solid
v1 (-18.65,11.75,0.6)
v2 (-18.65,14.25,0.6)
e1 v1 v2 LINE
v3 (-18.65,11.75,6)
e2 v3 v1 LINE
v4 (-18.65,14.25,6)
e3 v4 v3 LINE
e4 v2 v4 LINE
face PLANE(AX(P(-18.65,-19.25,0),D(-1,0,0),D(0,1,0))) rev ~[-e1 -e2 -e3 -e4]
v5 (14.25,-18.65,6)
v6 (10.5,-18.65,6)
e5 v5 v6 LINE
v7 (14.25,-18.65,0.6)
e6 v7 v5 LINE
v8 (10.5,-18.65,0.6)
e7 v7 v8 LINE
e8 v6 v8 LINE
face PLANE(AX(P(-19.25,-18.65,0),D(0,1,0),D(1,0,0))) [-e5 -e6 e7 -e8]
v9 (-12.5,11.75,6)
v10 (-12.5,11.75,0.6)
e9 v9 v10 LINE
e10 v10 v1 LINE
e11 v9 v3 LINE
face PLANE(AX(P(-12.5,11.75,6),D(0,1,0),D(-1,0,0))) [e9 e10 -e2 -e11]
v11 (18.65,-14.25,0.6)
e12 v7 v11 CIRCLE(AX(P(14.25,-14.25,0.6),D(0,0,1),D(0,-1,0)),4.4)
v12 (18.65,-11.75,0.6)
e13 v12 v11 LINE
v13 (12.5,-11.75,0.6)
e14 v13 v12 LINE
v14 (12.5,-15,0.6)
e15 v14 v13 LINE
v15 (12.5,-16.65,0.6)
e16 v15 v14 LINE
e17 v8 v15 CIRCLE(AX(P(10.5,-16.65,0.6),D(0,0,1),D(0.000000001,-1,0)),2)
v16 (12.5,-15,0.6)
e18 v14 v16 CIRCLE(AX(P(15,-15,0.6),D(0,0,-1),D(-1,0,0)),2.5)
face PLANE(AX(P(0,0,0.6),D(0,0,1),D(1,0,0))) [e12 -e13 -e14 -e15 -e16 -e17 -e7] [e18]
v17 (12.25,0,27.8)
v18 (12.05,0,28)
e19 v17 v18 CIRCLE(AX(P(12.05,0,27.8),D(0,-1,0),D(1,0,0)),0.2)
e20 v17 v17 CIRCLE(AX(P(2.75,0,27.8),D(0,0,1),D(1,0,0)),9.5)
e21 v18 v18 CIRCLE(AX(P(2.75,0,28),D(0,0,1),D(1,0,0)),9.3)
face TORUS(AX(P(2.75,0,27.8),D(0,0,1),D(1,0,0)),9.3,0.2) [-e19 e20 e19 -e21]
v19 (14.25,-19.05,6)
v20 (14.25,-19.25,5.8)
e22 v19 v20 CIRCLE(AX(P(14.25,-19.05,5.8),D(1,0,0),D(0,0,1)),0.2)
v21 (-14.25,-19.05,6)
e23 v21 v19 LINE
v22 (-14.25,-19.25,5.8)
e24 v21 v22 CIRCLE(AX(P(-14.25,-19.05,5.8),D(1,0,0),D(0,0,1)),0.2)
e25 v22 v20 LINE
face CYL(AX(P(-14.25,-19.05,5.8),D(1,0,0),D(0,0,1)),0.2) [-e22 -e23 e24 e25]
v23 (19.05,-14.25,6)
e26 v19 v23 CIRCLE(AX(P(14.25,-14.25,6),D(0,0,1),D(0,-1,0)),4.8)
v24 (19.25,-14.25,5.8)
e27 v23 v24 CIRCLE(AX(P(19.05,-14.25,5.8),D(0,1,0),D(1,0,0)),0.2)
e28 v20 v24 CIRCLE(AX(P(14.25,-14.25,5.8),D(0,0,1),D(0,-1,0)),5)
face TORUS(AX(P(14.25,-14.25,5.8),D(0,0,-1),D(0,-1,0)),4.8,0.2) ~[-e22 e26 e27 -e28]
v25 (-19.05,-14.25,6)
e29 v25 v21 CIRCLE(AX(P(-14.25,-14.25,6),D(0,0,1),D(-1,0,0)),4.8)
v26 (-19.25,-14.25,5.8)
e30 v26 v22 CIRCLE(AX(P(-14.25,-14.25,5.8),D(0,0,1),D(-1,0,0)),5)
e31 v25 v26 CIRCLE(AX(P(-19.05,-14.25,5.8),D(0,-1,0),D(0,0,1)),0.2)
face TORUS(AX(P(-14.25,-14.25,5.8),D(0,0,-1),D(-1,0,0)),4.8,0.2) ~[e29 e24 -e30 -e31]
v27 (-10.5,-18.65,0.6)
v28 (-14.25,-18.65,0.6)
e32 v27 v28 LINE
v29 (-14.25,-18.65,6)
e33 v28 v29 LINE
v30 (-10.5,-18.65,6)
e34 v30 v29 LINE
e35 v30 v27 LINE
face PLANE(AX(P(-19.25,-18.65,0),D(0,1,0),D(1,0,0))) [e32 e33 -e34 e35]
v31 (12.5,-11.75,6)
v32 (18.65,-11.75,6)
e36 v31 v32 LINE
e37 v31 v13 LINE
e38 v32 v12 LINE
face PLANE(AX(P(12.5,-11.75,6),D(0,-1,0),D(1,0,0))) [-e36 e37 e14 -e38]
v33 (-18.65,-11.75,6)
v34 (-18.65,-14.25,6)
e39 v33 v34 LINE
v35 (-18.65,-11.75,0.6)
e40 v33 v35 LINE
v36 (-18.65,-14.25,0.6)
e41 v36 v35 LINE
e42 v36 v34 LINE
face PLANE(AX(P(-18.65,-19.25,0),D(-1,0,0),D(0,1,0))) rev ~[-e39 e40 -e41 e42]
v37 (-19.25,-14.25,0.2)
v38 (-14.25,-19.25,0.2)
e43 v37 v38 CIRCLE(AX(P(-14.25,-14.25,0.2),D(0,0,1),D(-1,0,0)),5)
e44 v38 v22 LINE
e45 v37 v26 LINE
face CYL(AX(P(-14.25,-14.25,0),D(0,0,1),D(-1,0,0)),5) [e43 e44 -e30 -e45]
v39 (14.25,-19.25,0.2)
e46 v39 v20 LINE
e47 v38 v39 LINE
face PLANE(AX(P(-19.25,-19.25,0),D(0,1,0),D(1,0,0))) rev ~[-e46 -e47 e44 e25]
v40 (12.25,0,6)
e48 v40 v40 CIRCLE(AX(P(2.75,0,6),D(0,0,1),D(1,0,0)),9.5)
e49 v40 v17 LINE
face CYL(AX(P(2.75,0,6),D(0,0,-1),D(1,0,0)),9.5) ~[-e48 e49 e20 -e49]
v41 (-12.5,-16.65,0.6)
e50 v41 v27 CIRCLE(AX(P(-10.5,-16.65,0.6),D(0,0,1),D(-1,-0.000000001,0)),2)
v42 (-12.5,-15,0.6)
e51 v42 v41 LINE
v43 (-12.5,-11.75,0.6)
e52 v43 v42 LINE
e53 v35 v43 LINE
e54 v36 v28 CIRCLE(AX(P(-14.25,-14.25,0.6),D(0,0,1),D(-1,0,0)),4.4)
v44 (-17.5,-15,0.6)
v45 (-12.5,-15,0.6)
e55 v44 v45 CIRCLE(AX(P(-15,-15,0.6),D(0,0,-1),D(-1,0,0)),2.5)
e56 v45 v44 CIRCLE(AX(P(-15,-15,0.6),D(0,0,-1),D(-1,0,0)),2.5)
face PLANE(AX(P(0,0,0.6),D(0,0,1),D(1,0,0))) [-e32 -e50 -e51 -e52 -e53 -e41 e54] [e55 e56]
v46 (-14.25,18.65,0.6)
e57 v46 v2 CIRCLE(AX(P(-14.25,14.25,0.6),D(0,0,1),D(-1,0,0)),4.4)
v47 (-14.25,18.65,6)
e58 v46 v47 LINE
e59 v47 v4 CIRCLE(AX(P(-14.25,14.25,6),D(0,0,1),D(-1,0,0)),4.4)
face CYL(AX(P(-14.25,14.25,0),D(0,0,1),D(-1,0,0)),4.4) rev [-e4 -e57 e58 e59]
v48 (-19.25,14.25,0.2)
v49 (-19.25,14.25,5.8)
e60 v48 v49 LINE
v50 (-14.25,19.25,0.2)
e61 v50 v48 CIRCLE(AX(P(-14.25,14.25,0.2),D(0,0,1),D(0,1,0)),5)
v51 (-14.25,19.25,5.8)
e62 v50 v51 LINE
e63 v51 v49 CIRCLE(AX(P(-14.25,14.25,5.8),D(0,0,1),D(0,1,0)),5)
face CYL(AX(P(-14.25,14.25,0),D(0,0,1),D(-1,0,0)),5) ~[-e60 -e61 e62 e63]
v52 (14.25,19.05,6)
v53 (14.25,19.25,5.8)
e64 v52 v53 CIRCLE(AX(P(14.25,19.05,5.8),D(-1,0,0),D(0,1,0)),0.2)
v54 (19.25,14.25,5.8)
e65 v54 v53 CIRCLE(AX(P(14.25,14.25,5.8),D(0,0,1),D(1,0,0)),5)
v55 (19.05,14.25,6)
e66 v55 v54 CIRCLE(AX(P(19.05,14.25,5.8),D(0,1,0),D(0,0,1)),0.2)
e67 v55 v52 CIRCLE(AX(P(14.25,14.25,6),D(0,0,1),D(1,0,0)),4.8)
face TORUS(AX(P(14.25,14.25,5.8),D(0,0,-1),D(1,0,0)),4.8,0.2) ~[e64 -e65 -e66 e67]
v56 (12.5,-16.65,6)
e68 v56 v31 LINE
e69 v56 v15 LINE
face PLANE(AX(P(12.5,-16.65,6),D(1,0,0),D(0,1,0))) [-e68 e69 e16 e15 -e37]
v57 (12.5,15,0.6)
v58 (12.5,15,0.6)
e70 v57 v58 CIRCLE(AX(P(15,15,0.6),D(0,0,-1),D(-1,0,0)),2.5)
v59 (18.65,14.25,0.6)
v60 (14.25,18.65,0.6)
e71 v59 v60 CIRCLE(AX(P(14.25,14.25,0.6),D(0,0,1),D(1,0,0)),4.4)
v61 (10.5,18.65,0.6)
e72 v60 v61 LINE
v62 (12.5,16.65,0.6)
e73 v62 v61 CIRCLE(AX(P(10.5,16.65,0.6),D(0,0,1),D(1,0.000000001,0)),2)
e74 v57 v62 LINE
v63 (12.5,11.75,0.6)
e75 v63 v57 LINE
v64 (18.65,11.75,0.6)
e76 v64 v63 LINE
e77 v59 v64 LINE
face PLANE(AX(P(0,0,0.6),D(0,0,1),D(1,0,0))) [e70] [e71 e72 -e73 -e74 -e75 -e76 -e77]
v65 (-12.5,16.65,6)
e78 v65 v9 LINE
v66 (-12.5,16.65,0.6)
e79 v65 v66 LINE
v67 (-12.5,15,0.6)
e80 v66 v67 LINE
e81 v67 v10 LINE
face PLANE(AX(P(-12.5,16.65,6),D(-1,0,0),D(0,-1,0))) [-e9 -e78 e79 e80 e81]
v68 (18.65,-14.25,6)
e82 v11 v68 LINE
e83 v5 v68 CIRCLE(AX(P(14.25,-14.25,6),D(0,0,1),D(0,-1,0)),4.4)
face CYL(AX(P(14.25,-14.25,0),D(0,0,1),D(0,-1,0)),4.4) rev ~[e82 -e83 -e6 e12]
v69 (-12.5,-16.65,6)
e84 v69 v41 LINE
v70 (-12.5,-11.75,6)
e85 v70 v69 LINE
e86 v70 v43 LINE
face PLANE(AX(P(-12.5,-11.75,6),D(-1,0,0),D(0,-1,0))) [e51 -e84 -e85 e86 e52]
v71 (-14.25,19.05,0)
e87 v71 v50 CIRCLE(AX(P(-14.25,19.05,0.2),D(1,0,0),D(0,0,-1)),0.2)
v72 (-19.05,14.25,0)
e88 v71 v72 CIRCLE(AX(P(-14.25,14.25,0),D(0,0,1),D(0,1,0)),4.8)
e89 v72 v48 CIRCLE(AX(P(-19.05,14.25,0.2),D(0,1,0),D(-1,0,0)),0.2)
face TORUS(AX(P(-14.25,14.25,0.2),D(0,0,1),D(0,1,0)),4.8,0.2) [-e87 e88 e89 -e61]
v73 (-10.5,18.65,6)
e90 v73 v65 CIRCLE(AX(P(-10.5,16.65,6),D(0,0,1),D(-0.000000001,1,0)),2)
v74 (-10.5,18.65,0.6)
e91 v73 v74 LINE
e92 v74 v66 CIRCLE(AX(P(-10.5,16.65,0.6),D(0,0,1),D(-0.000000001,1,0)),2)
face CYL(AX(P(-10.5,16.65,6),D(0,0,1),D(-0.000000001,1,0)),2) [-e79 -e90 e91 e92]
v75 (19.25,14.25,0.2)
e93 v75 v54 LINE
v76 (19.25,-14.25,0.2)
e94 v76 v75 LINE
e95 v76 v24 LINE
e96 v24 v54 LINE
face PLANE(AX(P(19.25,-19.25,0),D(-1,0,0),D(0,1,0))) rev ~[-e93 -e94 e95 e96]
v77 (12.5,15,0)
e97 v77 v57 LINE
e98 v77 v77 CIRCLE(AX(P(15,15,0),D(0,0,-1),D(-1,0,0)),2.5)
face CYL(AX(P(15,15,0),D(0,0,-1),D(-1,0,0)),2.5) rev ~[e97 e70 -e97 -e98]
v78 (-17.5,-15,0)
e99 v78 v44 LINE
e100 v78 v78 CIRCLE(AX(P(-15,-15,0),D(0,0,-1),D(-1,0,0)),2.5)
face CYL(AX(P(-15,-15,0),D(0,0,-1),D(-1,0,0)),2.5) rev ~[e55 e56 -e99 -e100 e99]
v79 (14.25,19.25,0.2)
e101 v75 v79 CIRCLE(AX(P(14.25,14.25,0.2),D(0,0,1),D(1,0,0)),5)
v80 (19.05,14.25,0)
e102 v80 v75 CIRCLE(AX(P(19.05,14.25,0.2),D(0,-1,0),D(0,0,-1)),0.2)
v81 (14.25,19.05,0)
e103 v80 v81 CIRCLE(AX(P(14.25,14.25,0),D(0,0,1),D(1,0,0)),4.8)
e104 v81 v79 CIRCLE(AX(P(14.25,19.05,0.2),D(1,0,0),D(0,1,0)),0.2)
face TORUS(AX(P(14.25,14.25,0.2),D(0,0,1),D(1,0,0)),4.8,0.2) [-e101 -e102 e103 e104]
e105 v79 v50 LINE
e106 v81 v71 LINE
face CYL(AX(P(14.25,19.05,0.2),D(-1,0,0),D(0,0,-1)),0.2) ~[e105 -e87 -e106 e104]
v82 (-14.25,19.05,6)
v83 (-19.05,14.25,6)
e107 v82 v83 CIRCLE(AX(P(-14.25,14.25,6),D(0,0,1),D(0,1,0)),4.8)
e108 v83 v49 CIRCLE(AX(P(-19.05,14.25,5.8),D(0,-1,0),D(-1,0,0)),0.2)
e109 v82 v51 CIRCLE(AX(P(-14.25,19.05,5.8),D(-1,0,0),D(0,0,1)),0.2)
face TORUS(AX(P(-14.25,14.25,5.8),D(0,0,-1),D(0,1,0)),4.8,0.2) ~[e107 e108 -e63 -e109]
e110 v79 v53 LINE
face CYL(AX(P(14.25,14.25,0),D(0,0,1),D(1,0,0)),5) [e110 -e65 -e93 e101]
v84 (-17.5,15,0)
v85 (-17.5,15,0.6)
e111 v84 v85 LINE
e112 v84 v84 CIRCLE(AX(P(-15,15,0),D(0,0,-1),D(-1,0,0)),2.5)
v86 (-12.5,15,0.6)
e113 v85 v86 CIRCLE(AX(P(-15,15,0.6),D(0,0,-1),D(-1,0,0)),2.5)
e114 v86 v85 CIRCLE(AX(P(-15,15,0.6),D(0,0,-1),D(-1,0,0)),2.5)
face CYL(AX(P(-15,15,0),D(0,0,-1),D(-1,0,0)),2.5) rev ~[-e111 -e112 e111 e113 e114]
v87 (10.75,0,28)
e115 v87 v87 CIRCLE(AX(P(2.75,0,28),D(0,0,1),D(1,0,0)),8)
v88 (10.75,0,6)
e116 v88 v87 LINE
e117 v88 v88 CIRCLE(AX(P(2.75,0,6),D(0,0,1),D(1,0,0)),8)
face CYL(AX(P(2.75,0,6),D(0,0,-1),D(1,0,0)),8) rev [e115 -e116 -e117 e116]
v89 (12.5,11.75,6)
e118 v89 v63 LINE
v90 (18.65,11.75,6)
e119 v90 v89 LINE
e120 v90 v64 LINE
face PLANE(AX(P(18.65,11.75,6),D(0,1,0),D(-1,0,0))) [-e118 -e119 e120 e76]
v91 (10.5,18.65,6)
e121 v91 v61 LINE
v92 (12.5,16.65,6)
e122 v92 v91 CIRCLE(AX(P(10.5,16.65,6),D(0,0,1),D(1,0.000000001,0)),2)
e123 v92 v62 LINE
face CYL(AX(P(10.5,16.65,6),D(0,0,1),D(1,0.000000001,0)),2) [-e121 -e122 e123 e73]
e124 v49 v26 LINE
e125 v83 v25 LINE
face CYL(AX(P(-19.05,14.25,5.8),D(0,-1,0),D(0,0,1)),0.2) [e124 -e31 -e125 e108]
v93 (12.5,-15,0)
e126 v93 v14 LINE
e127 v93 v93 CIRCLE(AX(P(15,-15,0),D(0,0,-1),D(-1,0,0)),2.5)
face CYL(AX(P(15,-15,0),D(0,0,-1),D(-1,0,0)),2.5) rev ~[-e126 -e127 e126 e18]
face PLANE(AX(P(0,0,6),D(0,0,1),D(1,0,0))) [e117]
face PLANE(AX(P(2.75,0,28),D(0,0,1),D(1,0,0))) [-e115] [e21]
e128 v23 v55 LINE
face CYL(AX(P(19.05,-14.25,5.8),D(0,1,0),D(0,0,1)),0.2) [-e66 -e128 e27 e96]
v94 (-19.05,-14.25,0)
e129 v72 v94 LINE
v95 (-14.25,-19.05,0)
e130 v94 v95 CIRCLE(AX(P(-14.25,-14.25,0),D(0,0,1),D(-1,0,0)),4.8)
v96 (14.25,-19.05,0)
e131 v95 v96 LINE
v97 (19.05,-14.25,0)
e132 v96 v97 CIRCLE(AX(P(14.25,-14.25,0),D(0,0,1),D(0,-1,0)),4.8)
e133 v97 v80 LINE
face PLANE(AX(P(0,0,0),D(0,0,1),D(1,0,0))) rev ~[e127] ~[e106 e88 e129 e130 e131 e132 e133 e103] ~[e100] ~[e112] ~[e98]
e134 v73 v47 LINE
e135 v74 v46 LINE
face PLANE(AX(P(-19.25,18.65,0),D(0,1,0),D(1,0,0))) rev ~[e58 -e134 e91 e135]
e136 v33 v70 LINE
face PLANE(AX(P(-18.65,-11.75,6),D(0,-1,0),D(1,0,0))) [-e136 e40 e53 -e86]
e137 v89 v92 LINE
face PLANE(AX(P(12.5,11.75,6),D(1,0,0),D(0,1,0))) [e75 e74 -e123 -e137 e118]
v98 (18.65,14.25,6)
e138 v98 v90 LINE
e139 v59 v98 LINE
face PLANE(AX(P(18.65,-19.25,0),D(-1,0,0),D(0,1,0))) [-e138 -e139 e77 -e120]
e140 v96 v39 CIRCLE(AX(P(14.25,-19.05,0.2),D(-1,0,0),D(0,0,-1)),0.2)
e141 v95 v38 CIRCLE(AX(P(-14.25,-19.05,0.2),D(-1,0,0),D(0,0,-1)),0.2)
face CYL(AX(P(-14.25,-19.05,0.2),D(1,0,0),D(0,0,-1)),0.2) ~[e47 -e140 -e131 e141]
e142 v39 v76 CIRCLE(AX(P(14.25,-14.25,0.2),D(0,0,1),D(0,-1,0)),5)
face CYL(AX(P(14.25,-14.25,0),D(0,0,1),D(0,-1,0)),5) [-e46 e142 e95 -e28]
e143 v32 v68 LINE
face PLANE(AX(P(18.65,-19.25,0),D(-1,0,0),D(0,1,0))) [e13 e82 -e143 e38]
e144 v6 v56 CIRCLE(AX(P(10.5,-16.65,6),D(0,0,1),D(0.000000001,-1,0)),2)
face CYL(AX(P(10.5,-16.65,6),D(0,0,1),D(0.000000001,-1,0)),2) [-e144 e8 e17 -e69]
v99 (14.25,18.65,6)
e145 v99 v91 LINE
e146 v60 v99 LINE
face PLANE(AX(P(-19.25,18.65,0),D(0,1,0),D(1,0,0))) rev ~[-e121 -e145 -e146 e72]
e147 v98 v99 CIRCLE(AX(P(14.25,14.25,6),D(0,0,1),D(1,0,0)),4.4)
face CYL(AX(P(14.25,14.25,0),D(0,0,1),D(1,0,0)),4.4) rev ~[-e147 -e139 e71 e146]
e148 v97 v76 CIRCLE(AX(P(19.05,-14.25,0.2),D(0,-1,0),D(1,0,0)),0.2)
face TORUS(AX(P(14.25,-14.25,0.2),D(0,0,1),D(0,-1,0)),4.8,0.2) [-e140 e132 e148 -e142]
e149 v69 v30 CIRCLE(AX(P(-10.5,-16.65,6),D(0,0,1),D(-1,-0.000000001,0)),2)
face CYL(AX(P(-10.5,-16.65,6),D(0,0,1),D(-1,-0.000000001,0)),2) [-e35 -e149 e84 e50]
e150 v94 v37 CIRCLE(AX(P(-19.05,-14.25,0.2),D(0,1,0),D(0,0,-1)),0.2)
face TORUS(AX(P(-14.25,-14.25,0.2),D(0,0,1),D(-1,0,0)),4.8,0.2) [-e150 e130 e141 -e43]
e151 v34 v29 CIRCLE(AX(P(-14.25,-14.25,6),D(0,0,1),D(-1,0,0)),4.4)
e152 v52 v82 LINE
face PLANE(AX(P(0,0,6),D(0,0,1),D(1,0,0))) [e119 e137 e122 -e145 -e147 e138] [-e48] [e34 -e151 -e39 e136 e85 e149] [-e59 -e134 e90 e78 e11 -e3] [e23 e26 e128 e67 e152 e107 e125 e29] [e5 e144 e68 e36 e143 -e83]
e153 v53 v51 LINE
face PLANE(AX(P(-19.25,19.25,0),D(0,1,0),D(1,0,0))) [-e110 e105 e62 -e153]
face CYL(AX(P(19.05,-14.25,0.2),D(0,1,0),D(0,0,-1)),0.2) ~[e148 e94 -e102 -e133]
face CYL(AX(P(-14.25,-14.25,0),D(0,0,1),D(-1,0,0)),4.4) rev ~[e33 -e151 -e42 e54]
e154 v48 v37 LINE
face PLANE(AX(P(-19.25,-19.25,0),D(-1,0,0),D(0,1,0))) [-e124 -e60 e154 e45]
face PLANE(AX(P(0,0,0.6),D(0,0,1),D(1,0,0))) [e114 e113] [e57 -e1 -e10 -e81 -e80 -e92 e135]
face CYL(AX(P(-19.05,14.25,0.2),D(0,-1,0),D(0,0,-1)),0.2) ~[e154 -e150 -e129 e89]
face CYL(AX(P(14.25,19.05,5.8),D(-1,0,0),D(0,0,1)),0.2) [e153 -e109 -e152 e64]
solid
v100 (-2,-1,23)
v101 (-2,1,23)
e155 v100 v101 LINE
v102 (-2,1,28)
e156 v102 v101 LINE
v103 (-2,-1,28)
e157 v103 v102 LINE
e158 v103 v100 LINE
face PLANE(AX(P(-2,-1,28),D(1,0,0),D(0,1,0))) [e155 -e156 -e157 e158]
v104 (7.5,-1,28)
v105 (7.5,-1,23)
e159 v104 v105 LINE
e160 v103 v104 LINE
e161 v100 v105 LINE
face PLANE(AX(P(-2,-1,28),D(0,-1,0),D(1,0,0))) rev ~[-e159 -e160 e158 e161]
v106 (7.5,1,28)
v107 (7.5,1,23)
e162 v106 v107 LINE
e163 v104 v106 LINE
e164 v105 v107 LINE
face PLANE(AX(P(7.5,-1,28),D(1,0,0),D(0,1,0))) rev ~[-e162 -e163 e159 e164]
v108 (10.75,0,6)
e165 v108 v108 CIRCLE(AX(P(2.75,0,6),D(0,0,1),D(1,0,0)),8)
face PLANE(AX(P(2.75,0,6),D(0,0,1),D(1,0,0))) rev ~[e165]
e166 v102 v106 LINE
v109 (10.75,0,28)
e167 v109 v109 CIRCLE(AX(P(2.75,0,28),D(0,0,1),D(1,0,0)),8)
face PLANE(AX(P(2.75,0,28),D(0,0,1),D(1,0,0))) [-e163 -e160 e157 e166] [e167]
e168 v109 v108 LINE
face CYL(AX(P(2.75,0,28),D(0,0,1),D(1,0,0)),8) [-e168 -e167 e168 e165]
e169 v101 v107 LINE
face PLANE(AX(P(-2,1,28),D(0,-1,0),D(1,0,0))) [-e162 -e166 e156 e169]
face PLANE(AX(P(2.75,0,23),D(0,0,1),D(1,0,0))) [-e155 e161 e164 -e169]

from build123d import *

# Parameters (mm, degrees)
SKETCH_1_W          = 38.5
SKETCH_1_H          = 38.5
EXTRUDE_1_DEPTH     = 6
FILLET_1_R          = 5
SHELL_1_T           = -0.6
EXTRUDE_2_DEPTH     = 5.4
SKETCH_3_R          = 9.5
SKETCH_3_R_2        = 8
EXTRUDE_1_2_DEPTH   = 22
SKETCH_4_R          = 8
EXTRUDE_3_DEPTH     = 22
SKETCH_5_W          = 9.5
SKETCH_5_H          = 2
CUT_EXTRUDE_1_DEPTH = 5
FILLET_2_R          = 0.2
SKETCH_6_R          = 2.5
CUT_EXTRUDE_2_DEPTH = 10


with BuildPart() as part:
    # 草图1 → Extrude 1 (new body)
    with BuildSketch(Plane.XY):
        Rectangle(SKETCH_1_W, SKETCH_1_H)
    extrude(amount=EXTRUDE_1_DEPTH)

    # 圆角1
    fillet_1_edges = [part.edges().sort_by_distance(p)[0] for p in [
        (-19.25, 19.25, 3),
        (19.25, 19.25, 3),
        (19.25, -19.25, 3),
        (-19.25, -19.25, 3),
    ]]
    fillet(fillet_1_edges, radius=FILLET_1_R)

    # 抽壳1
    shell_1_openings = [part.faces().sort_by_distance(p)[0] for p in [
        (0, 0, 6),
    ]]
    offset(amount=SHELL_1_T, openings=shell_1_openings, kind=Kind.INTERSECTION)



with BuildPart() as body_2:
    # 草图2 → 凸台-拉伸2 (new body)
    with BuildSketch(Plane.XY.offset(6)):
        with BuildLine():
            Line((-12.5, 16.65), (-12.5, 11.75))
            Line((-12.5, 11.75), (-18.65, 11.75))
            Line((-18.65, 11.75), (-18.65, -11.75))
            Line((-18.65, -11.75), (-12.5, -11.75))
            Line((-12.5, -11.75), (-12.5, -16.65))
            ThreePointArc((-12.5, -16.65), (-11.914213562, -18.064213562), (-10.5, -18.65))
            Line((-10.5, -18.65), (10.5, -18.65))
            ThreePointArc((10.5, -18.65), (11.914213562, -18.064213562), (12.5, -16.65))
            Line((12.5, -16.65), (12.5, -11.75))
            Line((12.5, -11.75), (18.65, -11.75))
            Line((18.65, -11.75), (18.65, 11.75))
            Line((18.65, 11.75), (12.5, 11.75))
            Line((12.5, 11.75), (12.5, 16.65))
            ThreePointArc((12.5, 16.65), (11.914213562, 18.064213562), (10.5, 18.65))
            Line((10.5, 18.65), (-10.5, 18.65))
            ThreePointArc((-10.5, 18.65), (-11.914213562, 18.064213562), (-12.5, 16.65))
        make_face()
    extrude(amount=-EXTRUDE_2_DEPTH)


with BuildPart() as part_1:
    add(part.part)

    add(body_2.part)  # Extrude 1 2 merges body 2
    # 草图3 → Extrude 1 2 (add)
    with BuildSketch(Plane.XY.offset(6)):
        with Locations((2.75, 0)):
            Circle(SKETCH_3_R)
        with Locations((2.75, 0)):
            Circle(SKETCH_3_R_2, mode=Mode.SUBTRACT)
    extrude(amount=EXTRUDE_1_2_DEPTH)

    # 圆角2
    fillet_2_edges = [part_1.edges().sort_by_distance(p)[0] for p in [
        (0, -19.25, 0),
        (0, -19.25, 6),
        (-19.25, 0, 0),
        (0, 19.25, 0),
        (19.25, 0, 0),
        (-17.785533906, 17.785533906, 0),
        (17.785533906, 17.785533906, 0),
        (17.785533906, -17.785533906, 0),
        (-17.785533906, -17.785533906, 0),
        (-19.25, 0, 6),
        (19.25, 0, 6),
        (0, 19.25, 6),
        (-17.785533906, 17.785533906, 6),
        (17.785533906, 17.785533906, 6),
        (17.785533906, -17.785533906, 6),
        (-17.785533906, -17.785533906, 6),
        (-6.75, 0, 28),
    ]]
    fillet(fillet_2_edges, radius=FILLET_2_R)

    # 草图6 → 切除-拉伸2 (cut)
    with BuildSketch(Plane(origin=(0, 0, 0), x_dir=(-1, 0, 0), z_dir=(0, 0, -1))):
        with Locations((-15, 15)):
            Circle(SKETCH_6_R)
        with Locations((15, 15)):
            Circle(SKETCH_6_R)
        with Locations((15, -15)):
            Circle(SKETCH_6_R)
        with Locations((-15, -15)):
            Circle(SKETCH_6_R)
    extrude(amount=-CUT_EXTRUDE_2_DEPTH, mode=Mode.SUBTRACT)


with BuildPart() as body_2_2:
    # 草图4 → 凸台-拉伸3 (new body)
    with BuildSketch(Plane.XY.offset(28)):
        with Locations((2.75, 0)):
            Circle(SKETCH_4_R)
    extrude(amount=-EXTRUDE_3_DEPTH)

    # 草图5 → 切除-拉伸1 (cut)
    with BuildSketch(Plane.XY.offset(28)):
        with Locations((2.75, 0)):
            Rectangle(SKETCH_5_W, SKETCH_5_H)
    extrude(amount=-CUT_EXTRUDE_1_DEPTH, mode=Mode.SUBTRACT)


solid = Compound([part_1.part, body_2_2.part])
